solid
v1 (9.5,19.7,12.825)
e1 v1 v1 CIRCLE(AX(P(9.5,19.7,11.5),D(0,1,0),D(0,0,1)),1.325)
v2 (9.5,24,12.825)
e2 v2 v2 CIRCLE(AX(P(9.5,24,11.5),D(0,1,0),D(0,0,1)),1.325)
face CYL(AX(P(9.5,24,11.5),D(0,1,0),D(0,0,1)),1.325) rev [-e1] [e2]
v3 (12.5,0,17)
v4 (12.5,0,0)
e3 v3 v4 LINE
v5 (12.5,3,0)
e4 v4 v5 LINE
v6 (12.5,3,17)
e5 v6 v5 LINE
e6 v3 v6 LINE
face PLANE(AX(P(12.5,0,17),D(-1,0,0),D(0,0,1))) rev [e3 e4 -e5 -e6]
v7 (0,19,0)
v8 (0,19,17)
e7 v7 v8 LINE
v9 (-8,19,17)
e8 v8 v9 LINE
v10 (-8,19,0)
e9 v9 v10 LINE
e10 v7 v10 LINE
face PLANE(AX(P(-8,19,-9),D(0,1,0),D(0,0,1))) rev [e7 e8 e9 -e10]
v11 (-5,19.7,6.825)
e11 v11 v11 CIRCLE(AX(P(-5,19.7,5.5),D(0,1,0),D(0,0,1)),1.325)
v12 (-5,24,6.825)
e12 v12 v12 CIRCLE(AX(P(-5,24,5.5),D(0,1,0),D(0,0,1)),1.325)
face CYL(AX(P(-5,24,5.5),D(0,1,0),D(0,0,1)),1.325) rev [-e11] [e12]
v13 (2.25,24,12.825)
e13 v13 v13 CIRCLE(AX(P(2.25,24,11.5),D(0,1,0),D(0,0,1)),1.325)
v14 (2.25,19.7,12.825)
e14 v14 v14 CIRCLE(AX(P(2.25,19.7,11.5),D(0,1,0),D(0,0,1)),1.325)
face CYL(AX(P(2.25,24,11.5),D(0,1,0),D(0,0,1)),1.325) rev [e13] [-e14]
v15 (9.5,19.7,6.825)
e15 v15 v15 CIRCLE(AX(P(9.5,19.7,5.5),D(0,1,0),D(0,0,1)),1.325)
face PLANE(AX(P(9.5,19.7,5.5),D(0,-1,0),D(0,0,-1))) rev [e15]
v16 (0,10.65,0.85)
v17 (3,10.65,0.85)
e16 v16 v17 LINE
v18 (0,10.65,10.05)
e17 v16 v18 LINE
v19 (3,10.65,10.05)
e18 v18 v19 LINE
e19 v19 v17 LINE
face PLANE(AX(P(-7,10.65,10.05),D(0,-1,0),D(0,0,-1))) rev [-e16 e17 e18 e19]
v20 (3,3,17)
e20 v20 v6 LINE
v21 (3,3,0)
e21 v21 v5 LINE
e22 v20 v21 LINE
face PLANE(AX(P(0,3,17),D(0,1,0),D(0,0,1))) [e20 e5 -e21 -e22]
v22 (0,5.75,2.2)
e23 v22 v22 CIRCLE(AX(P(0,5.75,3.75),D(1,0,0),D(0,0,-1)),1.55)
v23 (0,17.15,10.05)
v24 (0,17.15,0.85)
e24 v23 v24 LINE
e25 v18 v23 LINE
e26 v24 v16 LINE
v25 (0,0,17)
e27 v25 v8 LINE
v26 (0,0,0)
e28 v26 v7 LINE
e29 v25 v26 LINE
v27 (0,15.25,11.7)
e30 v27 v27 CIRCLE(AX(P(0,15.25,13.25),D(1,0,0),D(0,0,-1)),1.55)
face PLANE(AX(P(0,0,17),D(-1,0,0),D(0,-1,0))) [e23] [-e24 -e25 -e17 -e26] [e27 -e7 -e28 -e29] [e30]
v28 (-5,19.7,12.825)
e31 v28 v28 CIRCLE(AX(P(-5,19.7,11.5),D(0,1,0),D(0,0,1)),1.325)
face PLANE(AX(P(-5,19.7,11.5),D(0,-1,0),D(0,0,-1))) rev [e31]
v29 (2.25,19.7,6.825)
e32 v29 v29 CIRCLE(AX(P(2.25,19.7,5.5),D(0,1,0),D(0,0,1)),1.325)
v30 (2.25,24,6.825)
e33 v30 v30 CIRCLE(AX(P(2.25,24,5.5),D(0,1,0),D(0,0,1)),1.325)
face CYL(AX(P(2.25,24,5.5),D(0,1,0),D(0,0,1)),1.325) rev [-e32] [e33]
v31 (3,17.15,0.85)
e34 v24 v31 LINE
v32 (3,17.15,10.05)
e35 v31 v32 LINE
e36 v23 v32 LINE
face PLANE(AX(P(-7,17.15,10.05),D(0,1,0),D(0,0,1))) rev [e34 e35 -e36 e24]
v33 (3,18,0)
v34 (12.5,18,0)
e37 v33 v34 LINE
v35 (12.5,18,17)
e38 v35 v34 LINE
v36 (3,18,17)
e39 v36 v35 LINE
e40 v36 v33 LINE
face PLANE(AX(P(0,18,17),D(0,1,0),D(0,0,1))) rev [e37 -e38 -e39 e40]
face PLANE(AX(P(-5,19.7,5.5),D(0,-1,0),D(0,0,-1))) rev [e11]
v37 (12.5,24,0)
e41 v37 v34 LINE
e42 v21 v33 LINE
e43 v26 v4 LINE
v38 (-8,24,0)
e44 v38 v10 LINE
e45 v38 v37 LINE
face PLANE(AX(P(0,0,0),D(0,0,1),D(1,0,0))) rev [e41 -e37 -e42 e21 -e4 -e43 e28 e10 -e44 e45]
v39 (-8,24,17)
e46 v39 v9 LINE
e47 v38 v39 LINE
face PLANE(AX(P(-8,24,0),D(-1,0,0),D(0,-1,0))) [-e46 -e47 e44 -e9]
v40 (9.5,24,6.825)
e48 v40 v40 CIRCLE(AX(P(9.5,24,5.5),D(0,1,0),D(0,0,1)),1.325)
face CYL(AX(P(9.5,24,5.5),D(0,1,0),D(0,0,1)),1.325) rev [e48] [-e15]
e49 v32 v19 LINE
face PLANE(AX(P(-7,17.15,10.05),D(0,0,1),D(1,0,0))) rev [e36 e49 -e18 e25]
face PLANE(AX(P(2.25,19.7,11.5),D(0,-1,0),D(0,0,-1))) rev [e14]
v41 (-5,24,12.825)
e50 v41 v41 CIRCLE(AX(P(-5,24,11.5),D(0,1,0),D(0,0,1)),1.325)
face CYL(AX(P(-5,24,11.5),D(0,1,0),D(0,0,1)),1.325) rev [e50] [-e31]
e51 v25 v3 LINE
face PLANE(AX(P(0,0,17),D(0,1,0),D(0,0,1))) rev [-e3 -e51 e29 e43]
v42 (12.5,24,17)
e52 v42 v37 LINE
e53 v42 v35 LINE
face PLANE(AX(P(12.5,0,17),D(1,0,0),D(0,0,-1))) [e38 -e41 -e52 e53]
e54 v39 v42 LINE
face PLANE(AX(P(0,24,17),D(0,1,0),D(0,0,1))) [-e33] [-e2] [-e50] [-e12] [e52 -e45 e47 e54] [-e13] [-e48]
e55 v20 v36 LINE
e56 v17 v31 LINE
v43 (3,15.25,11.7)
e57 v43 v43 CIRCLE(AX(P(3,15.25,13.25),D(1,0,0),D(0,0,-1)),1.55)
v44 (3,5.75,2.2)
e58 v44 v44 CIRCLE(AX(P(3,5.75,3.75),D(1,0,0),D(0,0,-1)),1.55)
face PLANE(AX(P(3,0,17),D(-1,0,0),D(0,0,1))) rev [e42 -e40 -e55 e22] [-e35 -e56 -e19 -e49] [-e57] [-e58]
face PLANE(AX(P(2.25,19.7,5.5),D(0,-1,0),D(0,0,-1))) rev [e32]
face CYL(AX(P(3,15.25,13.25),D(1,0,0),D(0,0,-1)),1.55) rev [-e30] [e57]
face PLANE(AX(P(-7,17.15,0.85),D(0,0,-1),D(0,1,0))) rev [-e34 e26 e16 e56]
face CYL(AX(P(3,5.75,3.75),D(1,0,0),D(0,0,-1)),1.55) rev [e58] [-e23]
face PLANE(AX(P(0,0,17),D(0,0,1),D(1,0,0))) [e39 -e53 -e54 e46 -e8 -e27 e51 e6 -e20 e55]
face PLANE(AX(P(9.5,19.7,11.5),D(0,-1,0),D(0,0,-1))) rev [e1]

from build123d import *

# Parameters (mm, degrees)
BOSS_EXTRUDE1_DEPTH           = 17
F_3_0_3_DIAMETER_HOLE1_D      = 3.1
TAP_DRILL_FOR_M2_5_TAP1_D     = 2.65
TAP_DRILL_FOR_M2_5_TAP1_DEPTH = 4.3
SKETCH8_W                     = 9.2
SKETCH8_H                     = 6.5
CUT_EXTRUDE1_DEPTH            = 10
SKETCH9_W                     = 8
SKETCH9_H                     = 6
BOSS_EXTRUDE2_DEPTH           = 17
TAP_DRILL_FOR_M2_5_TAP2_D     = 2.65
TAP_DRILL_FOR_M2_5_TAP2_DEPTH = 4.3
SKETCH12_W                    = 8
SKETCH12_H                    = 1
CUT_EXTRUDE2_DEPTH            = 26


with BuildPart() as part:
    # Sketch1 → Boss-Extrude1 (new body)
    with BuildSketch(Plane.XY):
        Polygon((0, 2.988929889), (0, 0), (5, 0), (12.5, 0), (12.5, 3), (3, 3), (3, 18), (12.5, 18), (12.5, 24), (5, 24), (0, 24), (0, 17.988929889), align=None)
    extrude(amount=BOSS_EXTRUDE1_DEPTH)

    # Ø3.0 (3) Diameter Hole1 (through all)
    with Locations(Plane(origin=(3, 0, 0), x_dir=(0, 0, -1), z_dir=(1, 0, 0))):
        with Locations((-13.25, 15.25), (-3.75, 5.75)):
            Hole(F_3_0_3_DIAMETER_HOLE1_D / 2)

    # Tap Drill for M2.5 Tap1
    with Locations(Plane(origin=(0, 24, 0), x_dir=(1, 0, 0), z_dir=(0, 1, 0))):
        with Locations((2.25, -5.5), (2.25, -11.5), (9.5, -11.5), (9.5, -5.5)):
            Hole(TAP_DRILL_FOR_M2_5_TAP1_D / 2, depth=TAP_DRILL_FOR_M2_5_TAP1_DEPTH)

    # Sketch8 → Cut-Extrude1 (cut)
    with BuildSketch(Plane(origin=(3, 0, 0), x_dir=(0, 0, -1), z_dir=(1, 0, 0))):
        with Locations((-5.45, 13.9)):
            Rectangle(SKETCH8_W, SKETCH8_H)
    extrude(amount=-CUT_EXTRUDE1_DEPTH, mode=Mode.SUBTRACT)

    # Sketch9 → Boss-Extrude2 (add)
    with BuildSketch(Plane.XY.offset(17)):
        with Locations((-4, 21)):
            Rectangle(SKETCH9_W, SKETCH9_H)
    extrude(amount=-BOSS_EXTRUDE2_DEPTH)

    # Tap Drill for M2.5 Tap2
    with Locations(Plane(origin=(0, 24, 0), x_dir=(1, 0, 0), z_dir=(0, 1, 0))):
        with Locations((-5, -11.5), (-5, -5.5)):
            Hole(TAP_DRILL_FOR_M2_5_TAP2_D / 2, depth=TAP_DRILL_FOR_M2_5_TAP2_DEPTH)

    # Sketch12 → Cut-Extrude2 (cut)
    with BuildSketch(Plane.XY.offset(17)):
        with Locations((-4, 18.5)):
            Rectangle(SKETCH12_W, SKETCH12_H)
    extrude(amount=-CUT_EXTRUDE2_DEPTH, mode=Mode.SUBTRACT)


solid = part.part
